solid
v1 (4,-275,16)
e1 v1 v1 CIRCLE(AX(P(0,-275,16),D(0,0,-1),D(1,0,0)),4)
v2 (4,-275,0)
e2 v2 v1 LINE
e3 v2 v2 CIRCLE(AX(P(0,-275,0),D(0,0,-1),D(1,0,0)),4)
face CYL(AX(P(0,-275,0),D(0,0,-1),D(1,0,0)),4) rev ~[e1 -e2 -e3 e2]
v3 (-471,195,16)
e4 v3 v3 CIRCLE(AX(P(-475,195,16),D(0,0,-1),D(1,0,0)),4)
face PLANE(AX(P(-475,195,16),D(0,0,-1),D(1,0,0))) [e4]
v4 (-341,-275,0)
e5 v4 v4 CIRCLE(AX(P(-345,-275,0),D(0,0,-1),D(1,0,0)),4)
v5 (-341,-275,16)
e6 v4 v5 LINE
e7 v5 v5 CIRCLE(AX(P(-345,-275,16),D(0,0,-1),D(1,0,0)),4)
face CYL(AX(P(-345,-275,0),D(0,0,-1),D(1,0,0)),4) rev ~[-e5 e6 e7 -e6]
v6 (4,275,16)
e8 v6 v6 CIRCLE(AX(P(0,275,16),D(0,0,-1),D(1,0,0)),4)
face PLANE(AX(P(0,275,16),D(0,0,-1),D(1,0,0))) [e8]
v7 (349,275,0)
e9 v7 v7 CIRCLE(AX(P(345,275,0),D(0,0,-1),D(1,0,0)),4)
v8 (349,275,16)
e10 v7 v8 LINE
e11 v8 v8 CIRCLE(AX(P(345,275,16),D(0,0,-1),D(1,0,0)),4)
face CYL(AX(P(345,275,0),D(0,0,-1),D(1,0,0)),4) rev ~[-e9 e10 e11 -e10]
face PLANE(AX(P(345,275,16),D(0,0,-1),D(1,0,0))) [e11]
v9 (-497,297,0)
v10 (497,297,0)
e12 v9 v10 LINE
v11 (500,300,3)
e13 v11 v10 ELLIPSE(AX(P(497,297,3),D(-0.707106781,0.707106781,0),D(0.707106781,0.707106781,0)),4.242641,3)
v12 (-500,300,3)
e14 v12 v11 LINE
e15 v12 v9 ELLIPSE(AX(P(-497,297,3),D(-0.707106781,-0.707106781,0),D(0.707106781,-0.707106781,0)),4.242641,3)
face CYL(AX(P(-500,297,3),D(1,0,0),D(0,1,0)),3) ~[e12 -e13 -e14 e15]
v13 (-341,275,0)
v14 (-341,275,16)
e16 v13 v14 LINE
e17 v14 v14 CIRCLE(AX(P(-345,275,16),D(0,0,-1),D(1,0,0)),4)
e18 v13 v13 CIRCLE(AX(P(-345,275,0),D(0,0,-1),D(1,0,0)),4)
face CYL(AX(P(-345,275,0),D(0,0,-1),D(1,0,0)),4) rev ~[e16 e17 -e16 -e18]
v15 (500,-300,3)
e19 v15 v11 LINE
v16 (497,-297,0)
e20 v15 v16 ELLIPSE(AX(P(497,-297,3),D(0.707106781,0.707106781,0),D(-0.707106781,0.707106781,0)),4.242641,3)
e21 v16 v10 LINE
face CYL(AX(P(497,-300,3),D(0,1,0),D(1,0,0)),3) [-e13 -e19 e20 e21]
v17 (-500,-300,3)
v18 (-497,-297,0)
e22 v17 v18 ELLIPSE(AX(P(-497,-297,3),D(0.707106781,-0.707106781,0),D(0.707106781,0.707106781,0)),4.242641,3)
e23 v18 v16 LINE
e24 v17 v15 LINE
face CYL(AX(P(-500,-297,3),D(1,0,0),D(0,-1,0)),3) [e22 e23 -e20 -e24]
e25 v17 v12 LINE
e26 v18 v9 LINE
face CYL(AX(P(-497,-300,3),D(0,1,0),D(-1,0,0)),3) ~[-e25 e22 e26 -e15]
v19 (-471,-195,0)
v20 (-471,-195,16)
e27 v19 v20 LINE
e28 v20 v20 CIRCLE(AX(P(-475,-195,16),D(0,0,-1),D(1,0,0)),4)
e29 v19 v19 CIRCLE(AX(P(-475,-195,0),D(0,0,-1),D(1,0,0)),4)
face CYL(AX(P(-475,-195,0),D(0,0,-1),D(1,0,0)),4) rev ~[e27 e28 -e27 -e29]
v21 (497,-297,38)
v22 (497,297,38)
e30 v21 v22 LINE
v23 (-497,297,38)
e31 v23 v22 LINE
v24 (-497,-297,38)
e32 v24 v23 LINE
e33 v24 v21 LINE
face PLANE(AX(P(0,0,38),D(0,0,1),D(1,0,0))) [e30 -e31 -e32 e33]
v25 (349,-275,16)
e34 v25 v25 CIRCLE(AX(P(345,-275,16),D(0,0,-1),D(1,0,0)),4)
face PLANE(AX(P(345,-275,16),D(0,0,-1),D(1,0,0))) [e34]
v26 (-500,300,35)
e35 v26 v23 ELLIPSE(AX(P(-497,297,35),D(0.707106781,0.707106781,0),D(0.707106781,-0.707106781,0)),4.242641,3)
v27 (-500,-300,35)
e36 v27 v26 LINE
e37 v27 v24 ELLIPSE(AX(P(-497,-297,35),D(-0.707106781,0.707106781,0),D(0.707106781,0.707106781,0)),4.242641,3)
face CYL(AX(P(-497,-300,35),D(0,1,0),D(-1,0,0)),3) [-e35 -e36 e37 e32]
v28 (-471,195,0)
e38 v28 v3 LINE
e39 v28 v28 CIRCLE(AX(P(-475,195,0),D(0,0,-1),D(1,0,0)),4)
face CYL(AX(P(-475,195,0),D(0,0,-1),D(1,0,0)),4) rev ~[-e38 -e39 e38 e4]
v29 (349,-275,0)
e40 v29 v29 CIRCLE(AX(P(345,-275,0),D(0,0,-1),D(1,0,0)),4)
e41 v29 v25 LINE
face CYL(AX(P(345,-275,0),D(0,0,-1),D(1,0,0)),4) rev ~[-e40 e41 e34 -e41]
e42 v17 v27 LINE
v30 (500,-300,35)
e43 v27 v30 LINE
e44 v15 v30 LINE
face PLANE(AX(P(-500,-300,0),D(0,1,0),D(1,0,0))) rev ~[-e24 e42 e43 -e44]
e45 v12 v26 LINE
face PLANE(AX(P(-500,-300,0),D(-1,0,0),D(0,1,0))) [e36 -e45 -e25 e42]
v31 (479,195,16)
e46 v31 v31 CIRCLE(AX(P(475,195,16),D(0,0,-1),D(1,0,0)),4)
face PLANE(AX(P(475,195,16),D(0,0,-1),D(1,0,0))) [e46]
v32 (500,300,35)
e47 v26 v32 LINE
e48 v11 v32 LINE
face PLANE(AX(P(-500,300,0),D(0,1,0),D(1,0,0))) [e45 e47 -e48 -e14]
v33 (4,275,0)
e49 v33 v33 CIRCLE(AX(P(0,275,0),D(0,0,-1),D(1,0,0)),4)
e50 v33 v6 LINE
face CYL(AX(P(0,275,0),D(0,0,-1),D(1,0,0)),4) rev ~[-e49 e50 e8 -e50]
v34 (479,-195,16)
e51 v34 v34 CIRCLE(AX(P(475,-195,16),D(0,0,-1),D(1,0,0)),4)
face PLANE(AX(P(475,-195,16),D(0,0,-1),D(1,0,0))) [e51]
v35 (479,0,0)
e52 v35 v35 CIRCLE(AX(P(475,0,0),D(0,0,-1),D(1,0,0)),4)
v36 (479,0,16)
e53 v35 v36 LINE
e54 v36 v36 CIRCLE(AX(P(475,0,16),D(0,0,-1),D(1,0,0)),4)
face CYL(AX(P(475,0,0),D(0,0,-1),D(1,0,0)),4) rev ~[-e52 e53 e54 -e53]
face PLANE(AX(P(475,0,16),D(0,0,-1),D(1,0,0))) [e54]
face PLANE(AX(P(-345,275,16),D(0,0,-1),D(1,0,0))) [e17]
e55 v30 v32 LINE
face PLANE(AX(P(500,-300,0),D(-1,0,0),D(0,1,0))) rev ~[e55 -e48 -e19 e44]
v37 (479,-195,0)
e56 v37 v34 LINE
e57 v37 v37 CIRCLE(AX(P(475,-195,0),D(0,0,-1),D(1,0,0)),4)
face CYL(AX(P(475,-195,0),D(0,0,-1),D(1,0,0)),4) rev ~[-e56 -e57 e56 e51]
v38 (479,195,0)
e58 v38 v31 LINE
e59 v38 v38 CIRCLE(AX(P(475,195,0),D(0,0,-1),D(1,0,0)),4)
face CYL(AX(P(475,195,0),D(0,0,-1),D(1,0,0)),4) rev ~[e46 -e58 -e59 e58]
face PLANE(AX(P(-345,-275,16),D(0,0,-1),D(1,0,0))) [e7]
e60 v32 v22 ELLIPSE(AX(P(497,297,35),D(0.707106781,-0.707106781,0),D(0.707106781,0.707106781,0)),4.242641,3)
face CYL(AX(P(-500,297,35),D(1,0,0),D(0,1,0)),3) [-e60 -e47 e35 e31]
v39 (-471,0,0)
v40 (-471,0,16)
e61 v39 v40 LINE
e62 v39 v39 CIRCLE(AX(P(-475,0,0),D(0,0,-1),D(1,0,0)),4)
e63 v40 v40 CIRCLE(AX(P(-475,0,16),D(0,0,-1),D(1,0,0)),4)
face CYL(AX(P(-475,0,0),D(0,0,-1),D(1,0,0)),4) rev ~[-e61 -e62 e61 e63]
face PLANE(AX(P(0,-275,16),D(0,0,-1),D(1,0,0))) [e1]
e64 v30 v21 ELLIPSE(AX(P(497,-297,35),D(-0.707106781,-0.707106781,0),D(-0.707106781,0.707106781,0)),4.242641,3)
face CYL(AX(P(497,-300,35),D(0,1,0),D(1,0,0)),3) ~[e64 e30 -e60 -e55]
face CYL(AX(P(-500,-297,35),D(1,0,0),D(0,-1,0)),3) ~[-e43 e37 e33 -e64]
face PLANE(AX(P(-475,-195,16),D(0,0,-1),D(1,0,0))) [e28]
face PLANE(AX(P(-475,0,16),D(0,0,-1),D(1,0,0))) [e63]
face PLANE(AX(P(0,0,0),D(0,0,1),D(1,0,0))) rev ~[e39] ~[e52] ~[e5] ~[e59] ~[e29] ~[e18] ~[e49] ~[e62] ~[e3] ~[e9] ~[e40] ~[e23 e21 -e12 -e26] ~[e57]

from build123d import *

# Parameters (mm, degrees)
F0_W     = 1000
F0_H     = 600
F1_DEPTH = 38
F2_R     = 3
F3_R     = 4
F4_DEPTH = 16


with BuildPart() as f1:
    # F0 (on Top) → F1 (new body)
    with BuildSketch(Plane.XY):
        Rectangle(F0_W, F0_H)
    extrude(amount=F1_DEPTH)

    # F2
    f2_edges = [f1.edges().sort_by_distance(p)[0] for p in [
        (0, 300, 38),
        (500, 0, 38),
        (0, -300, 38),
        (-500, 0, 38),
        (500, 0, 0),
        (0, 300, 0),
        (-500, 0, 0),
        (0, -300, 0),
    ]]
    fillet(f2_edges, radius=F2_R)

    # F3 (on face) → F4 (cut)
    with BuildSketch(Plane(origin=(0, 0, 0), x_dir=(1, 0, 0), z_dir=(0, 0, -1))):
        with Locations((-345, 275)):
            Circle(F3_R)
        with Locations((0, 275)):
            Circle(F3_R)
        with Locations((345, 275)):
            Circle(F3_R)
        with Locations((345, -275)):
            Circle(F3_R)
        with Locations((0, -275)):
            Circle(F3_R)
        with Locations((-345, -275)):
            Circle(F3_R)
        with Locations((-475, 0)):
            Circle(F3_R)
        with Locations((-475, -195)):
            Circle(F3_R)
        with Locations((-475, 195)):
            Circle(F3_R)
        with Locations((475, 195)):
            Circle(F3_R)
        with Locations((475, 0)):
            Circle(F3_R)
        with Locations((475, -195)):
            Circle(F3_R)
    extrude(amount=-F4_DEPTH, mode=Mode.SUBTRACT)


solid = f1.part
